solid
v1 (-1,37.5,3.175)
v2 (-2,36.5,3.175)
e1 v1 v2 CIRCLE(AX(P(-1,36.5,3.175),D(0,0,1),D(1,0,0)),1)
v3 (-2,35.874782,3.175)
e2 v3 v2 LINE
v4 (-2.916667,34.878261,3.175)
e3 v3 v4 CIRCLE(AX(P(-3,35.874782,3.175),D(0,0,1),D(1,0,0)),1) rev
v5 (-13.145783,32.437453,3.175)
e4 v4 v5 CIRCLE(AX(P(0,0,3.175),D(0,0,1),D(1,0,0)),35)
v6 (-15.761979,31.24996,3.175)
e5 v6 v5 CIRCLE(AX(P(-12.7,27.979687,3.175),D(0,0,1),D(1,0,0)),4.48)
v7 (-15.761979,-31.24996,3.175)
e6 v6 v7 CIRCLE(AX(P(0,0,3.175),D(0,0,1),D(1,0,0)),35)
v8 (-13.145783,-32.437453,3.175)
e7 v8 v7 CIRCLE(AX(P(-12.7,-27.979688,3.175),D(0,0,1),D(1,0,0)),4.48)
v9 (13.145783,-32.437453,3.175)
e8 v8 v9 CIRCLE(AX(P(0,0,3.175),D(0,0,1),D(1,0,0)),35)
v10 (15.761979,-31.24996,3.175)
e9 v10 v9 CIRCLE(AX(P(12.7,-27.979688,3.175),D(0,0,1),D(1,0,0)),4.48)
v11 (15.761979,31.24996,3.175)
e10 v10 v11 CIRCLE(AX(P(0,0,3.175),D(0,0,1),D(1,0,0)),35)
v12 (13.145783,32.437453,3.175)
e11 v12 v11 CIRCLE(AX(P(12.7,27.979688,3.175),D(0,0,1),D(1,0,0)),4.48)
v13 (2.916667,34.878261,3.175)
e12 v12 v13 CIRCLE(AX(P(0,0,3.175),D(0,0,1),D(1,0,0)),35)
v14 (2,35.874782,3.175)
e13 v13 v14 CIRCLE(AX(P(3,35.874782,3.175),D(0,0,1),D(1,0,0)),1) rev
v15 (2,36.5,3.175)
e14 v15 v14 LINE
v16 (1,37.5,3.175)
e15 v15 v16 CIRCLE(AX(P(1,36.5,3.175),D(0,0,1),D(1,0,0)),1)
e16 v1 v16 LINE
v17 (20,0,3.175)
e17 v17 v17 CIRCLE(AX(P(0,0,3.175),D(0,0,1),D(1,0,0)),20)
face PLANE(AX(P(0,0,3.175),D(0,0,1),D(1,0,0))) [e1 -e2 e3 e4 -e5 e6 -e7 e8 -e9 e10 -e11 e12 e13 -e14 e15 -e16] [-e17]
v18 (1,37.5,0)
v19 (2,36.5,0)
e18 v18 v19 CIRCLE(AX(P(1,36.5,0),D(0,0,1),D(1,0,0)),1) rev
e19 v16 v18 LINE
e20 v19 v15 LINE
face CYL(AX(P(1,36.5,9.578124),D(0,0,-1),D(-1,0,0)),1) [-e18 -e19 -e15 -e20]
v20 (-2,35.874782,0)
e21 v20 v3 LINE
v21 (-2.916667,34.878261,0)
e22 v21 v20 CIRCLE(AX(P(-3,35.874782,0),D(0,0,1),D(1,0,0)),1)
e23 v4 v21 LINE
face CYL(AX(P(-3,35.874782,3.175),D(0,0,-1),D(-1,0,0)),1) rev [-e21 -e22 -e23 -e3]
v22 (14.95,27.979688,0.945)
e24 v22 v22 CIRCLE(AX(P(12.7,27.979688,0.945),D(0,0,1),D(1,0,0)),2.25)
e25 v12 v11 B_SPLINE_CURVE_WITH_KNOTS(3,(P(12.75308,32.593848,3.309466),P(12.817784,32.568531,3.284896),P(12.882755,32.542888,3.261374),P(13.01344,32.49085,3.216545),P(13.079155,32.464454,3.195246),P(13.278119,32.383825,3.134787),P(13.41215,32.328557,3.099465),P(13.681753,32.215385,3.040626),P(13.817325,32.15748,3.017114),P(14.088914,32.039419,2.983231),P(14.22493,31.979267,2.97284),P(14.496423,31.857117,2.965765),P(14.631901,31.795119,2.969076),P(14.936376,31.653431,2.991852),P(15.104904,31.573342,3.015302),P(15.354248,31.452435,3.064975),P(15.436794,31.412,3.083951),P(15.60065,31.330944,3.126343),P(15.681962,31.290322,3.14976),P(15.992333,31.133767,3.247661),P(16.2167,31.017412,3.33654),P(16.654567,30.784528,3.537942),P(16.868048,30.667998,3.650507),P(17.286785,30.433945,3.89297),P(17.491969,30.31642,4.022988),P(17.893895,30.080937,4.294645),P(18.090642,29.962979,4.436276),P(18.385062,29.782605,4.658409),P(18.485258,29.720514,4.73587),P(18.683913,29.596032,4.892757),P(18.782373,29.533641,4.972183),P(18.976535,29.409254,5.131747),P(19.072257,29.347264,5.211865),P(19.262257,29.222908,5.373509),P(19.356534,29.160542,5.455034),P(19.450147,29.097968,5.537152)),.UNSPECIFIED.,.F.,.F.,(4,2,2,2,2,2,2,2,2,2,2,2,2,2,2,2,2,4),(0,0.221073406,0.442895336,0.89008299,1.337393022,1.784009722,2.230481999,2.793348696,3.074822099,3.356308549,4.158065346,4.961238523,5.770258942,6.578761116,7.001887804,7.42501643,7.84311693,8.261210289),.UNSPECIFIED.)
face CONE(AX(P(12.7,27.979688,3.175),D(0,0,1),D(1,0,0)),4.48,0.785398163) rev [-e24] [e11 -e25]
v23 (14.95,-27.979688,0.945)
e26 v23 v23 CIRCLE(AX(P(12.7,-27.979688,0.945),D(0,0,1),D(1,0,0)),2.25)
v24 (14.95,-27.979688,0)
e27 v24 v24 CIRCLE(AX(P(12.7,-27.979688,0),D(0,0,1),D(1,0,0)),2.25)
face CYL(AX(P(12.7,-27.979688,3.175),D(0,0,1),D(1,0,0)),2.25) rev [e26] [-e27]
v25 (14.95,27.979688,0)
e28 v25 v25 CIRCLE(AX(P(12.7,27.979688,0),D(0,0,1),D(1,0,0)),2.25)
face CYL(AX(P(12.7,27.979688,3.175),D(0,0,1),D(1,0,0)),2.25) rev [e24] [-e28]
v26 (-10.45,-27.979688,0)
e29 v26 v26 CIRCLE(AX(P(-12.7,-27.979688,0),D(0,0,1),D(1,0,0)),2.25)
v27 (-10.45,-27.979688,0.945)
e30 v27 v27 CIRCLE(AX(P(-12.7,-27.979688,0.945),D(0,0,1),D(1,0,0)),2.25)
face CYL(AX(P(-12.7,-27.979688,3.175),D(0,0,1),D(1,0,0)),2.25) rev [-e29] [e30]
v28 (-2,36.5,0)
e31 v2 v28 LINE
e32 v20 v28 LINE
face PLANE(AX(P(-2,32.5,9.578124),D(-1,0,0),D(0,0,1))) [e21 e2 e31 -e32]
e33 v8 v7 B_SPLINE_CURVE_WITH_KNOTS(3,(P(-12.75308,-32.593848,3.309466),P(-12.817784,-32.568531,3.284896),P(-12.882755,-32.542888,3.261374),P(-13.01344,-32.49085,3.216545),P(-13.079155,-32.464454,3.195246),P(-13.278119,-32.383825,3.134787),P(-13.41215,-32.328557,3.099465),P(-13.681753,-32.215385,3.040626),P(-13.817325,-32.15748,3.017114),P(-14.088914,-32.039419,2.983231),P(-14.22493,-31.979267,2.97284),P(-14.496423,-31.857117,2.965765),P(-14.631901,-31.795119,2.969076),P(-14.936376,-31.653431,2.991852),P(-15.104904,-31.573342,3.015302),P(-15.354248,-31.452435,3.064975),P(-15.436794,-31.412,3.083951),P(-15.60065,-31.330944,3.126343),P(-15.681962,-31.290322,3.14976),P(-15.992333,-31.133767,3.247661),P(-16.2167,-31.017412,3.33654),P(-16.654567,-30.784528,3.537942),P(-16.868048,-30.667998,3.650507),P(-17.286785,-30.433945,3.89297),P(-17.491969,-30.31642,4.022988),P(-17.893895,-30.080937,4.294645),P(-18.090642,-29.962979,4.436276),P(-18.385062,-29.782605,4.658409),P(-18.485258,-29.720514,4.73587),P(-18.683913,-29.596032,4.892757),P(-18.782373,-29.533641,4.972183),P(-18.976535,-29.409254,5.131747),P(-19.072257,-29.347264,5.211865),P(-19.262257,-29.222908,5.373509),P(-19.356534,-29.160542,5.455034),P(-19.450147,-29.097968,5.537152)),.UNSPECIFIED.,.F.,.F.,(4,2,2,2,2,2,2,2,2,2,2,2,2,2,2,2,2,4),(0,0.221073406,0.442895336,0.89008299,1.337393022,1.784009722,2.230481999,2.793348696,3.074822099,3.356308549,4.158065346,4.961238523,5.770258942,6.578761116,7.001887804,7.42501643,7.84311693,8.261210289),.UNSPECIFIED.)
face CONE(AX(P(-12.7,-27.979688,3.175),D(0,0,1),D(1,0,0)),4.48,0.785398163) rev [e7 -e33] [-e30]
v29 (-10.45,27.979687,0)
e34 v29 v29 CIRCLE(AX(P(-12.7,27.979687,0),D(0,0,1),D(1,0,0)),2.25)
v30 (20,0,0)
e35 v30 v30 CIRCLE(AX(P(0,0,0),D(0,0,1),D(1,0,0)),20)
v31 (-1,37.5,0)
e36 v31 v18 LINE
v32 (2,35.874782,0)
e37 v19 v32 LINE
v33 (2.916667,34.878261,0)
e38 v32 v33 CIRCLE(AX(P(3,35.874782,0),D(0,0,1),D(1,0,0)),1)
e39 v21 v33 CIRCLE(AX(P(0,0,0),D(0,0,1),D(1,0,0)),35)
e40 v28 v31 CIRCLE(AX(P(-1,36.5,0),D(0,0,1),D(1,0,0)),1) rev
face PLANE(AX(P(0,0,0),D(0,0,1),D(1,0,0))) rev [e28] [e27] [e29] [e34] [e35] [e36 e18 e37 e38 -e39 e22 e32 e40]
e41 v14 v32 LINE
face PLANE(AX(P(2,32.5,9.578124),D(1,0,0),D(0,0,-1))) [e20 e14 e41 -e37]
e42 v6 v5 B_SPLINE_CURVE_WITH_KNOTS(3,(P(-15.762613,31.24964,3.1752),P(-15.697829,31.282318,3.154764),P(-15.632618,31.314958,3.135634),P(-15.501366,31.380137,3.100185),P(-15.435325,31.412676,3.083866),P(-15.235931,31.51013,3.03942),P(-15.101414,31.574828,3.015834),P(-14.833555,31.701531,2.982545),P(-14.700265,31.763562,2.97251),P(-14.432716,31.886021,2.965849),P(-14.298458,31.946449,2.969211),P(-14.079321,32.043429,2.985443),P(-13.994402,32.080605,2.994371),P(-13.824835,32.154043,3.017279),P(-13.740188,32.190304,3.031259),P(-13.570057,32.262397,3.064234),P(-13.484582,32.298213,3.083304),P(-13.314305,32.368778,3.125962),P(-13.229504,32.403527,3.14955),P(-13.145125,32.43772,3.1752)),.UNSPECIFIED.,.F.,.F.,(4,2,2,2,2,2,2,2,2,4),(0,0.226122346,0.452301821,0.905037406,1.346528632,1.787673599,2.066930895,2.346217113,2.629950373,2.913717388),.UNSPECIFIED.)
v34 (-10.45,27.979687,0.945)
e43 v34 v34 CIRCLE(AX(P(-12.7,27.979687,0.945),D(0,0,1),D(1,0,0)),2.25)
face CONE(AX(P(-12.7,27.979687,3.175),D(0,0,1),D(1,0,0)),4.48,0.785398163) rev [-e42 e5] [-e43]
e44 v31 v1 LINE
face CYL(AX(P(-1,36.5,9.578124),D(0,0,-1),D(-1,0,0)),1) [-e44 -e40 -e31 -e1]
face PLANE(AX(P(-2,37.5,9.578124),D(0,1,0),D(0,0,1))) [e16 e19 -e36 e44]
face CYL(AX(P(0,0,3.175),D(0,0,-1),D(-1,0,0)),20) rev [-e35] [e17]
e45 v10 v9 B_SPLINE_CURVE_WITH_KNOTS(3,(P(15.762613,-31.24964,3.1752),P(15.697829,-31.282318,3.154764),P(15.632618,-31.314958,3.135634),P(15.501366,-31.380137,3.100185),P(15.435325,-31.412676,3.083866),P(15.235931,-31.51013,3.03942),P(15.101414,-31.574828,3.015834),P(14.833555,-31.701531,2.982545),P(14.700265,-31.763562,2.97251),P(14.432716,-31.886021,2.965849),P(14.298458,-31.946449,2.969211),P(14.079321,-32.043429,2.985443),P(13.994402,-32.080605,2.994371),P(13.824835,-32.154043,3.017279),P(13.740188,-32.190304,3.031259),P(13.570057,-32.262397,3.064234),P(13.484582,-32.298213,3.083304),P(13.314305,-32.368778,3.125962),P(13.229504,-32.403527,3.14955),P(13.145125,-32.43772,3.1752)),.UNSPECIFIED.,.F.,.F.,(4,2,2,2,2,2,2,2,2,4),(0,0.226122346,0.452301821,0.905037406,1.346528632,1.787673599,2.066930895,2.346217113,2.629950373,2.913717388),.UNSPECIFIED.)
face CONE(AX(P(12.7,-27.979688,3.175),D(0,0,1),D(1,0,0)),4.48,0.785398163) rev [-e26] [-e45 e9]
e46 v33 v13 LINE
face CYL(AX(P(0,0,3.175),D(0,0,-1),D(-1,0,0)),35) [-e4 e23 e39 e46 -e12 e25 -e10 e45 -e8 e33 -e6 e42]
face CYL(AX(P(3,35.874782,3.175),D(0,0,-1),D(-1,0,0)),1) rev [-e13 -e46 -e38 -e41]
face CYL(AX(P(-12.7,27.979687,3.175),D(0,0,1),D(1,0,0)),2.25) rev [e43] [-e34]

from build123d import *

# Parameters (mm, degrees)
SKETCH2_R                    = 35
SKETCH2_R_2                  = 20
BOSS_EXTRUDE1_DEPTH          = 3.175
CSK_FOR_M4_SFHCS1_AT_2_COUNT = 2
CSK_FOR_M4_SFHCS1_AT_2_PITCH = 25.4
CSK_FOR_M4_SFHCS1_AT_3_COUNT = 2
CSK_FOR_M4_SFHCS1_AT_3_PITCH = 61.454142663
CSK_FOR_M4_SFHCS1_AT_4_COUNT = 2
CSK_FOR_M4_SFHCS1_AT_4_PITCH = 55.959375
SKETCH5_W                    = 4
SKETCH5_H                    = 5
BOSS_EXTRUDE2_DEPTH          = 3.175
FILLET1_R                    = 1


with BuildPart() as part:
    # Sketch2 → Boss-Extrude1 (new body)
    with BuildSketch(Plane.XY):
        Circle(SKETCH2_R)
        Circle(SKETCH2_R_2, mode=Mode.SUBTRACT)
    extrude(amount=BOSS_EXTRUDE1_DEPTH)

    # Sketch4 → CSK for M4 SFHCS1 (revolve, cut)
    with BuildSketch(Plane(origin=(-12.7, 27.9796875, 3.175), x_dir=(0, -1, 0), z_dir=(1, 0, 0))):
        Polygon((0, 0), (0, 3.175), (2.25, 3.175), (2.25, 2.23), (4.48, 0), align=None)
    csk_for_m4_sfhcs1 = revolve(axis=Axis((-12.7, 27.9796875, 9.525), (0, 0, -1)), mode=Mode.SUBTRACT)

    # CSK for M4 SFHCS1 at 2: CSK for M4 SFHCS1 ×2
    with Locations(*[(i * CSK_FOR_M4_SFHCS1_AT_2_PITCH, 0, 0) for i in range(1, CSK_FOR_M4_SFHCS1_AT_2_COUNT)]):
        add(csk_for_m4_sfhcs1, mode=Mode.SUBTRACT)

    # CSK for M4 SFHCS1 at 3: CSK for M4 SFHCS1 ×2
    with Locations(*[Vector(0.413316318, -0.910587514, 0) * (i * CSK_FOR_M4_SFHCS1_AT_3_PITCH) for i in range(1, CSK_FOR_M4_SFHCS1_AT_3_COUNT)]):
        add(csk_for_m4_sfhcs1, mode=Mode.SUBTRACT)

    # CSK for M4 SFHCS1 at 4: CSK for M4 SFHCS1 ×2
    with Locations(*[(0, -i * CSK_FOR_M4_SFHCS1_AT_4_PITCH, 0) for i in range(1, CSK_FOR_M4_SFHCS1_AT_4_COUNT)]):
        add(csk_for_m4_sfhcs1, mode=Mode.SUBTRACT)

    # Sketch5 → Boss-Extrude2 (add)
    with BuildSketch(Plane(origin=(0, 0, 0), x_dir=(-1, 0, 0), z_dir=(0, 0, -1))):
        with Locations((0, 35)):
            Rectangle(SKETCH5_W, SKETCH5_H)
    extrude(amount=-BOSS_EXTRUDE2_DEPTH)

    # Fillet1
    fillet1_edges = [part.edges().sort_by_distance(p)[0] for p in [
        (-2, 37.5, 1.5875),
        (-2, 34.942810419, 1.5875),
        (2, 37.5, 1.5875),
        (2, 34.942810419, 1.5875),
    ]]
    fillet(fillet1_edges, radius=FILLET1_R)


solid = part.part
